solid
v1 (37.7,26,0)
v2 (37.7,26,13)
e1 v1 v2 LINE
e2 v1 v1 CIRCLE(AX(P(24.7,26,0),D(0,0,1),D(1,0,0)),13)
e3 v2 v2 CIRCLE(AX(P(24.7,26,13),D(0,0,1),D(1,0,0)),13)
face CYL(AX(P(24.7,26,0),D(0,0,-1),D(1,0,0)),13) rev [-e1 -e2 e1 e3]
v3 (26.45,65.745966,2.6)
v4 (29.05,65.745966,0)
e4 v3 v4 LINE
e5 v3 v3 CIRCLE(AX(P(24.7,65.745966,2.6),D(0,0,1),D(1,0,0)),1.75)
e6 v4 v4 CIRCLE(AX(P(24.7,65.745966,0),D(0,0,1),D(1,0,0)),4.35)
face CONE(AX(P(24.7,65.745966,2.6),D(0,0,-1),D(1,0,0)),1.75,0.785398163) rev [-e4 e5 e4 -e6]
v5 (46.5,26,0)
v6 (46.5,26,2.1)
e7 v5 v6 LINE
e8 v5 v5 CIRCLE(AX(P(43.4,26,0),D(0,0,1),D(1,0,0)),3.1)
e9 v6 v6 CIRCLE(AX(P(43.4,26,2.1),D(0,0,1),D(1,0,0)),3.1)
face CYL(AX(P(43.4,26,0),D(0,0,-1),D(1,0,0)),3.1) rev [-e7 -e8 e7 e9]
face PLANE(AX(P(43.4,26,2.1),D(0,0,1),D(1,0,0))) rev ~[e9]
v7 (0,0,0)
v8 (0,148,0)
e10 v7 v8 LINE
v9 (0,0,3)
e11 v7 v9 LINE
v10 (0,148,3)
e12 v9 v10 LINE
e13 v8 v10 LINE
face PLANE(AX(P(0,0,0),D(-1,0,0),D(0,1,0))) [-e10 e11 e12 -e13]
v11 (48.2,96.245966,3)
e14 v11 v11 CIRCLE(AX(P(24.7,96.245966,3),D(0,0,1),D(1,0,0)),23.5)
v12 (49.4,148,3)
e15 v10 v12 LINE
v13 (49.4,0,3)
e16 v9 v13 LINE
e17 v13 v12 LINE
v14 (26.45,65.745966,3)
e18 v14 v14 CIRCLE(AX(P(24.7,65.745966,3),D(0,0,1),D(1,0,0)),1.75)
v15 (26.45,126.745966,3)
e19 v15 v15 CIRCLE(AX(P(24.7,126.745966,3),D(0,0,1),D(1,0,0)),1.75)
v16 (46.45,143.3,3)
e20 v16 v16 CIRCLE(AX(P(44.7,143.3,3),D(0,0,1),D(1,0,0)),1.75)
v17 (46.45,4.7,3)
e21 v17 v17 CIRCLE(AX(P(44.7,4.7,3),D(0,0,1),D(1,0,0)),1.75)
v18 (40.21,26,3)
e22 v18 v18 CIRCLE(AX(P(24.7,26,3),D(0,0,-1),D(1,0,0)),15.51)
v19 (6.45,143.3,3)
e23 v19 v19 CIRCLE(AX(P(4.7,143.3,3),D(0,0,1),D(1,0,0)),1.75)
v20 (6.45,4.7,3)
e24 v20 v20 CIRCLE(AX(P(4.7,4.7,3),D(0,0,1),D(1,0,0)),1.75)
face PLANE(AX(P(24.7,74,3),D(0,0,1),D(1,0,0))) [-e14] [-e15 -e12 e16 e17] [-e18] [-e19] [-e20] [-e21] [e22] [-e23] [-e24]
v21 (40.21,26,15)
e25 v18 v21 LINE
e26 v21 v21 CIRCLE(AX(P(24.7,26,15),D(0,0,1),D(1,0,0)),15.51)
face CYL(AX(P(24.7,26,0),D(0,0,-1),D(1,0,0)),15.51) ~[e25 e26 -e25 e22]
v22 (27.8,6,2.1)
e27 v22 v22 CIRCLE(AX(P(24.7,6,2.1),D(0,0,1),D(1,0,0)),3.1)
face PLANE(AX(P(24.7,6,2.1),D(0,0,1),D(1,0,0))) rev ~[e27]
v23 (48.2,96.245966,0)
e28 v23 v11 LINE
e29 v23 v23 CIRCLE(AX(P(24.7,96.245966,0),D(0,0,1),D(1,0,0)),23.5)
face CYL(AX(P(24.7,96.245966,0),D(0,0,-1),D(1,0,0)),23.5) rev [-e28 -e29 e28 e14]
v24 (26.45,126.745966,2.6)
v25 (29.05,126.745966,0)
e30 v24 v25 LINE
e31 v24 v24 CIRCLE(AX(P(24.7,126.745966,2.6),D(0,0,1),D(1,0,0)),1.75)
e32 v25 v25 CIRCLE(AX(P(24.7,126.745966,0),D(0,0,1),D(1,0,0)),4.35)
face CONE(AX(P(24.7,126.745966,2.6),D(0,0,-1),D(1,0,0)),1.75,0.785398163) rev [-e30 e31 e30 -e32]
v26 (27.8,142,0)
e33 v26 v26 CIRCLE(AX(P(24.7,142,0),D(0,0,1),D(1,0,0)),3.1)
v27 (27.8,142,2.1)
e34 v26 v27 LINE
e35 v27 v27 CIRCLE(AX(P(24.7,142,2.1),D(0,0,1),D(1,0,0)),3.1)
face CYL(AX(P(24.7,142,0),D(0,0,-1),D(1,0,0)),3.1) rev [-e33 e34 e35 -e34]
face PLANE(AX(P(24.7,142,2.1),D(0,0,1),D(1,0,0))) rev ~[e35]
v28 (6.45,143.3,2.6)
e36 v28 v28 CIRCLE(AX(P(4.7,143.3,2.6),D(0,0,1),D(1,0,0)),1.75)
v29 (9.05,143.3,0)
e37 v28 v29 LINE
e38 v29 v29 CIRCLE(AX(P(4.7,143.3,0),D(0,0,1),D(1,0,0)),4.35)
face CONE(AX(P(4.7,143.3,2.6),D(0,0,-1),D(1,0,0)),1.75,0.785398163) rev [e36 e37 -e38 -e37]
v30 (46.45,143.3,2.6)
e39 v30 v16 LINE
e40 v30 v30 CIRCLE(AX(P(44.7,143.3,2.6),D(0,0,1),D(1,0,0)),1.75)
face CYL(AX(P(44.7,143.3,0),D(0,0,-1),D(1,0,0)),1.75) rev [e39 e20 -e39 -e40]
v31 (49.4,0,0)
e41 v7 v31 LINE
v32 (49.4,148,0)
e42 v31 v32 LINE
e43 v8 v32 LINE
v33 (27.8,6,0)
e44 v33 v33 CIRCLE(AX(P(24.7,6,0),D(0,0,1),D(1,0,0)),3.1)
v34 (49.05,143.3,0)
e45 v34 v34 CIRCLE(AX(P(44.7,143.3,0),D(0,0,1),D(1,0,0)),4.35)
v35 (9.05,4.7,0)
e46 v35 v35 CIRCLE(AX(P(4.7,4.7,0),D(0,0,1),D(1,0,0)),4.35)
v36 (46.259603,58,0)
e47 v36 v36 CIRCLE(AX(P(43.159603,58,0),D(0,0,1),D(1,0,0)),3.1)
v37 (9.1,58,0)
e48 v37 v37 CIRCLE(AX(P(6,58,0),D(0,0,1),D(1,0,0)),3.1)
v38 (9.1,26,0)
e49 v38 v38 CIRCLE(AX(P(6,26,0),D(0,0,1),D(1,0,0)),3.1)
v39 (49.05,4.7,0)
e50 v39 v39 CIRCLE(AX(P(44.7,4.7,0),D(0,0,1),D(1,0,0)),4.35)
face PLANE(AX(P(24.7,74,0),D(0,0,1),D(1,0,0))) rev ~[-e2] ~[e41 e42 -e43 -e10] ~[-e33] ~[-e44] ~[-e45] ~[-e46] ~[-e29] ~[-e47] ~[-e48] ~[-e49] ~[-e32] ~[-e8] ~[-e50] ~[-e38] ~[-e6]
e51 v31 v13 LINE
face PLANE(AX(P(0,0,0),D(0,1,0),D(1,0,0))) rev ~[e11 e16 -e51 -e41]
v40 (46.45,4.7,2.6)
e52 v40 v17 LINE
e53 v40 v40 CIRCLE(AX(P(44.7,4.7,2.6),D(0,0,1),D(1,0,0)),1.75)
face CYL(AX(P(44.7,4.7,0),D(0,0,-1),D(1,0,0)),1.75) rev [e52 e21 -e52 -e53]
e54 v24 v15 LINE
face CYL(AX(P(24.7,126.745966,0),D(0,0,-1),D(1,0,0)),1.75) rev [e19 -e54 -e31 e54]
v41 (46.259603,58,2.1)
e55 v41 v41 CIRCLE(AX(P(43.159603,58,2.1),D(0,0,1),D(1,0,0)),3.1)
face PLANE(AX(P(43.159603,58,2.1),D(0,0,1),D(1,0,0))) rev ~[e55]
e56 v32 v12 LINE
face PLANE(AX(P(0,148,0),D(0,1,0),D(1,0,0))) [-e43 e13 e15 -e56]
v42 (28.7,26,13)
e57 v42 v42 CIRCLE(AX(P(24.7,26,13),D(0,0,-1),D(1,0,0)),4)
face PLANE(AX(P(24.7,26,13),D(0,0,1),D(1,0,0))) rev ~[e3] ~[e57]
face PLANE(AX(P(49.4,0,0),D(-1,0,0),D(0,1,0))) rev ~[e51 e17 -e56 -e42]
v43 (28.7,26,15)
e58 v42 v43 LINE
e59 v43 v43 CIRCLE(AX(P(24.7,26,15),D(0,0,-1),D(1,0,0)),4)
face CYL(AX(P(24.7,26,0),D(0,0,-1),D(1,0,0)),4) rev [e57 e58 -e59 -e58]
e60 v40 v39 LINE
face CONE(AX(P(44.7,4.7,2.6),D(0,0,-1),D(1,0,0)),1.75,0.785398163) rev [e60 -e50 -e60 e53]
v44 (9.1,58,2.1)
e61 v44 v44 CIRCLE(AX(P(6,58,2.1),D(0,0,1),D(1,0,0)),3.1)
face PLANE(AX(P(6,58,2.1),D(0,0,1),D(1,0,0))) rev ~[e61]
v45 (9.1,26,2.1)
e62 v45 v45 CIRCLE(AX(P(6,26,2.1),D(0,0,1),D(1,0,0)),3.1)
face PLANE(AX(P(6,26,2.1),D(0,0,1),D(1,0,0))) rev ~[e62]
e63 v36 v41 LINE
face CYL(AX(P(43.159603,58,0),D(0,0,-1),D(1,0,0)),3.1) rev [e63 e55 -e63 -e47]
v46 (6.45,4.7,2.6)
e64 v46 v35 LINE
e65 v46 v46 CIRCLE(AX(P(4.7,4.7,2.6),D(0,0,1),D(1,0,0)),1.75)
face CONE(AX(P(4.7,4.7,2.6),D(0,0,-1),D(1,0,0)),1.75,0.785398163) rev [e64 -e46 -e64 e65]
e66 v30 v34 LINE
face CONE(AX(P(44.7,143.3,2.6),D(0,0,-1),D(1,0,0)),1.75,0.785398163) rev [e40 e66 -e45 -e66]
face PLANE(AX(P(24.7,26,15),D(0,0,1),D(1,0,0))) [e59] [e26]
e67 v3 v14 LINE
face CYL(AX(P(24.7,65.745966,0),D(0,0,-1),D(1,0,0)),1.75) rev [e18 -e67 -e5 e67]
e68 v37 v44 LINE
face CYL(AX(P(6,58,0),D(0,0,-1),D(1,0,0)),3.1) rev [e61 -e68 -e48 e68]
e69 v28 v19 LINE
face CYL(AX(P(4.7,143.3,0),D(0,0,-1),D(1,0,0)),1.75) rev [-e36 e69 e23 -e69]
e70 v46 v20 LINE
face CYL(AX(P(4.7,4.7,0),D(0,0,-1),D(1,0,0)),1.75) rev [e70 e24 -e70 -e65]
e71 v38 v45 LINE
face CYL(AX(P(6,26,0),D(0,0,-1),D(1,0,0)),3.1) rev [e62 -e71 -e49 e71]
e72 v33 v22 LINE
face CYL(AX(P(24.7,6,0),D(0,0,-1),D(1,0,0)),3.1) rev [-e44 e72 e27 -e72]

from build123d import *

# Parameters (mm, degrees)
SKETCH_W        = 49.4
SKETCH_H        = 148
SKETCH_R        = 1.75
SKETCH_R_2      = 23.5
SKETCH_R_3      = 13
PAD_DEPTH       = 3
CHAMFER_SIZE    = 2.6
SKETCH001_R     = 3.1
POCKET_DEPTH    = 2.1
SKETCH002_R     = 15.51
PAD001_DEPTH    = 15
SKETCH003_R     = 13
POCKET001_DEPTH = 13
SKETCH004_R     = 4
POCKET002_DEPTH = 15.001


with BuildPart() as part:
    # Sketch → Pad (new body)
    with BuildSketch(Plane.XY):
        with Locations((24.7, 74)):
            Rectangle(SKETCH_W, SKETCH_H)
        with Locations((24.7, 126.745966)):
            Circle(SKETCH_R, mode=Mode.SUBTRACT)
        with Locations((24.7, 65.745966)):
            Circle(SKETCH_R, mode=Mode.SUBTRACT)
        with Locations((24.7, 96.245966)):
            Circle(SKETCH_R_2, mode=Mode.SUBTRACT)
        with Locations((4.7, 143.3)):
            Circle(SKETCH_R, mode=Mode.SUBTRACT)
        with Locations((44.7, 143.3)):
            Circle(SKETCH_R, mode=Mode.SUBTRACT)
        with Locations((4.7, 4.7)):
            Circle(SKETCH_R, mode=Mode.SUBTRACT)
        with Locations((44.7, 4.7)):
            Circle(SKETCH_R, mode=Mode.SUBTRACT)
        with Locations((24.7, 26)):
            Circle(SKETCH_R_3, mode=Mode.SUBTRACT)
    extrude(amount=PAD_DEPTH)

    # Chamfer
    chamfer_edges = [part.edges().sort_by_distance(p)[0] for p in [
        (2.95, 4.7, 0),
        (42.95, 4.7, 0),
        (22.95, 65.745966, 0),
        (22.95, 126.745966, 0),
        (2.95, 143.3, 0),
        (42.95, 143.3, 0),
    ]]
    chamfer(chamfer_edges, length=CHAMFER_SIZE)

    # Sketch001 → Pocket (cut)
    with BuildSketch(Plane.XY):
        with Locations((24.7, 142)):
            Circle(SKETCH001_R)
        with Locations((24.7, 6)):
            Circle(SKETCH001_R)
        with Locations((43.4, 26)):
            Circle(SKETCH001_R)
        with Locations((6, 26)):
            Circle(SKETCH001_R)
        with Locations((6, 58)):
            Circle(SKETCH001_R)
        with Locations((43.159603, 58)):
            Circle(SKETCH001_R)
    extrude(amount=POCKET_DEPTH, mode=Mode.SUBTRACT)

    # Sketch002 → Pad001 (join)
    with BuildSketch(Plane.XY):
        with Locations((24.7, 26)):
            Circle(SKETCH002_R)
    extrude(amount=PAD001_DEPTH)

    # Sketch003 → Pocket001 (cut)
    with BuildSketch(Plane.XY):
        with Locations((24.7, 26)):
            Circle(SKETCH003_R)
    extrude(amount=POCKET001_DEPTH, mode=Mode.SUBTRACT)

    # Sketch004 → Pocket002 (cut, through all)
    with BuildSketch(Plane.XY):
        with Locations((24.7, 26)):
            Circle(SKETCH004_R)
    extrude(amount=POCKET002_DEPTH, mode=Mode.SUBTRACT)


solid = part.part
